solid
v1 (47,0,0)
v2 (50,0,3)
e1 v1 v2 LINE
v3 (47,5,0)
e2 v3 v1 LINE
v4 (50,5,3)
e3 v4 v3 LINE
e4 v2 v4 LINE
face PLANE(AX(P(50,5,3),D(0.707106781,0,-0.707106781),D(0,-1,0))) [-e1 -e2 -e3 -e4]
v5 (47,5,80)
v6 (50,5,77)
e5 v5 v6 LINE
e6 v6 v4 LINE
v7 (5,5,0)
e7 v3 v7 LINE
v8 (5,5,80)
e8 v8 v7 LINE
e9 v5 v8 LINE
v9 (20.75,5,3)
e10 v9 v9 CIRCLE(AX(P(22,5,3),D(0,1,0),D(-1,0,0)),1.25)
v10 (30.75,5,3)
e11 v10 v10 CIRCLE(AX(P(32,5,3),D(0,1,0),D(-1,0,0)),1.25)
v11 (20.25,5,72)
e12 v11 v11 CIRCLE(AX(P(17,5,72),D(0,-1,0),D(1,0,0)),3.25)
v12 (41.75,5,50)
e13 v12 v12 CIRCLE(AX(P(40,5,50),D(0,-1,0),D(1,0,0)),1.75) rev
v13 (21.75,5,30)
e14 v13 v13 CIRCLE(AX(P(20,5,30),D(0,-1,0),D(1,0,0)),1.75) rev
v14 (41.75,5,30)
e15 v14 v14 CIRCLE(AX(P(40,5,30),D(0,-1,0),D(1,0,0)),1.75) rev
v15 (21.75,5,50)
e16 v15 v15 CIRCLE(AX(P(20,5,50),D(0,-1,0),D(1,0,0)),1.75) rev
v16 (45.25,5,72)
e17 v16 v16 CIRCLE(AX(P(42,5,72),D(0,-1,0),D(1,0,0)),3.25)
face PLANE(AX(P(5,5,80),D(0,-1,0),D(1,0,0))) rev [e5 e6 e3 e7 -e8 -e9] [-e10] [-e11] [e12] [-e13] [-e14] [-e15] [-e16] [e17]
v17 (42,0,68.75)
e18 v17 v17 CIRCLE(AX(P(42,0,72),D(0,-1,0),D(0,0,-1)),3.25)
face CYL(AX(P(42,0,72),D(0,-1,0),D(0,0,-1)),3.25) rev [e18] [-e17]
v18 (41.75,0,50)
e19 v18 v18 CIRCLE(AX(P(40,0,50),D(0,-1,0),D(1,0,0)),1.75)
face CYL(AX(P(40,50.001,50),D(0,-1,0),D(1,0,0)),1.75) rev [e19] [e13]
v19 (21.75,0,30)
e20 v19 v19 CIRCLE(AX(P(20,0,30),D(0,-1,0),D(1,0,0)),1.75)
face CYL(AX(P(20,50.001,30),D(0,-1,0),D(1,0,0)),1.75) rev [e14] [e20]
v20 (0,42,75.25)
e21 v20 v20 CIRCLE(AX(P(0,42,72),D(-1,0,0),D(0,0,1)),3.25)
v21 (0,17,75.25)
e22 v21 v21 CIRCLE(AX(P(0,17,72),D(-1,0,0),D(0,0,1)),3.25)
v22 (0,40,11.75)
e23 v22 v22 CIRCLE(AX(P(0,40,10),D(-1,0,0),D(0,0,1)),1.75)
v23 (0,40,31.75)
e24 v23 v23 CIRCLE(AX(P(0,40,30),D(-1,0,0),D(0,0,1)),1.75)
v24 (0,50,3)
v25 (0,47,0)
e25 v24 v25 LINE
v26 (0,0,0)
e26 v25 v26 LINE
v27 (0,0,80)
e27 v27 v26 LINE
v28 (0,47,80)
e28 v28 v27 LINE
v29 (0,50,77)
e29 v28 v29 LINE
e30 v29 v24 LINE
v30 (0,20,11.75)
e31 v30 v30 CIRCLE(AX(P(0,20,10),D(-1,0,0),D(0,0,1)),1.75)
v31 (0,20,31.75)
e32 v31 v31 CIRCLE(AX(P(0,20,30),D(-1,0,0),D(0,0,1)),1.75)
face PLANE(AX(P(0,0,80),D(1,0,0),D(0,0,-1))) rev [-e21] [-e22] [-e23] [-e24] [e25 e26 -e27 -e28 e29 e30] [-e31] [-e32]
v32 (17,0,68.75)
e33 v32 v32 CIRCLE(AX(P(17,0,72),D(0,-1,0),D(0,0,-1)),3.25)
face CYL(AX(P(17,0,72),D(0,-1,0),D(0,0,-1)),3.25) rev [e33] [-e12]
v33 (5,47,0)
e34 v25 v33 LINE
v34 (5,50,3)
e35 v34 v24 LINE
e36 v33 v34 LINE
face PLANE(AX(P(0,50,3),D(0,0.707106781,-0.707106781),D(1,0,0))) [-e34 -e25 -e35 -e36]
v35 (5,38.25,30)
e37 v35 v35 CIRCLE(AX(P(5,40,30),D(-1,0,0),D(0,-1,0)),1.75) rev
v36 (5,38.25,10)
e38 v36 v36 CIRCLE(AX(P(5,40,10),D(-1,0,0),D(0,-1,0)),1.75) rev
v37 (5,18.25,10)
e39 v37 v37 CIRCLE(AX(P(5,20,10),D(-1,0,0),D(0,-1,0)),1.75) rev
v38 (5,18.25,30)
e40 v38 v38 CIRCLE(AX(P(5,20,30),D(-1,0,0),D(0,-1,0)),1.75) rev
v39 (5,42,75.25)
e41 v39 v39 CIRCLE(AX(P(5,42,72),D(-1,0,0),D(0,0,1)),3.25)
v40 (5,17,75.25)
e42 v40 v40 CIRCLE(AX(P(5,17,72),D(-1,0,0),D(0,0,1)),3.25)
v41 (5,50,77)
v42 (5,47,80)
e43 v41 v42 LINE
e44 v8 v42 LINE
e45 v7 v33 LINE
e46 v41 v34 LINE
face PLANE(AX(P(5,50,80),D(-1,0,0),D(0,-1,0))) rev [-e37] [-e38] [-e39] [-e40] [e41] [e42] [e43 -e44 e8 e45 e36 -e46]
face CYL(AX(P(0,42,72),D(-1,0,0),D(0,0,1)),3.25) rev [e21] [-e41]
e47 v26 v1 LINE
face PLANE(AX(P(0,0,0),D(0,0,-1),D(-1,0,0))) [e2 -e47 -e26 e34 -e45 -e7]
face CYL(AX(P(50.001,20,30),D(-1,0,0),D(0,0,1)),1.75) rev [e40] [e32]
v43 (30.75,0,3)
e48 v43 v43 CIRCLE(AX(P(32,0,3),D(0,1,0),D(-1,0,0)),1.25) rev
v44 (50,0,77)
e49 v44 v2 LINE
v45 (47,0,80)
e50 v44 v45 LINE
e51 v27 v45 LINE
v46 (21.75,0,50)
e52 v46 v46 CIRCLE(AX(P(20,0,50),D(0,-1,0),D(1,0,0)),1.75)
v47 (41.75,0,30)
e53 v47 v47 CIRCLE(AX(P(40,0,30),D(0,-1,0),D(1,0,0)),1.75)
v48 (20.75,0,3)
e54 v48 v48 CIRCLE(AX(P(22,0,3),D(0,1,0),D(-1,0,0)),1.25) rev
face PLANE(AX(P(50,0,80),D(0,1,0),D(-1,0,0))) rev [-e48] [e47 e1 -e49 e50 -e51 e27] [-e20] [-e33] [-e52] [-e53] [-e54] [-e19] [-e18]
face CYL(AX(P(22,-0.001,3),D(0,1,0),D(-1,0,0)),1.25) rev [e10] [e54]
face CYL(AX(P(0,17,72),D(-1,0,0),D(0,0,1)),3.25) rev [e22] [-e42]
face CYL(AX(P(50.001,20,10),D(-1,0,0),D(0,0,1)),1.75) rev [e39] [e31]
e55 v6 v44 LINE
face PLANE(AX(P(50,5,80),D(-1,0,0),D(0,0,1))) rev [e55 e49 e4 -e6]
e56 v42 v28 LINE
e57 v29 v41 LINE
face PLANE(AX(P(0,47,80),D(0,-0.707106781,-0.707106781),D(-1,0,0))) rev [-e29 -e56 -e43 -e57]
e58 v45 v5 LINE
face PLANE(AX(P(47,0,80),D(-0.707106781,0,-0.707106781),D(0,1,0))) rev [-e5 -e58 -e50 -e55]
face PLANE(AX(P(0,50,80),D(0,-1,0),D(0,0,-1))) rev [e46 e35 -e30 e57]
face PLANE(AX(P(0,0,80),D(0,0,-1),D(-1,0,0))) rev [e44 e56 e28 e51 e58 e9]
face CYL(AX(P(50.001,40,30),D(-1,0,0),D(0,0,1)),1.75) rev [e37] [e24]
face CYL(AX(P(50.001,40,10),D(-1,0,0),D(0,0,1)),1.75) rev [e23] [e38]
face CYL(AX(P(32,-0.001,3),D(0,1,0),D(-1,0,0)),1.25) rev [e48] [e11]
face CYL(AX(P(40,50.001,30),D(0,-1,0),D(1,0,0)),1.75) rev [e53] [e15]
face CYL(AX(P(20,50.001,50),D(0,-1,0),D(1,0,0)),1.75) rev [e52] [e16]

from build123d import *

# Parameters (mm, degrees)
ESTRUSIONE_ESTRUSIONE1_DEPTH = 80
FORO_6_5_6_5_1_D             = 6.5
FORO_6_5_6_5_2_D             = 6.5
FORO_6_5_6_5_2_DEPTH         = 5
FORO_6_5_6_5_2_TIP           = 1.952797012
TAGLIO_ESTRUSIONE3_REACH     = 108.771
SCHIZZO10_R                  = 1.75
TAGLIO_ESTRUSIONE4_REACH     = 108.771
SCHIZZO11_R                  = 1.75
SMUSSO1_SIZE                 = 3
TAGLIO_ESTRUSIONE5_REACH     = 106.523
SCHIZZO12_R                  = 1.25


with BuildPart() as part:
    # Schizzo1 → Estrusione-Estrusione1 (new body)
    with BuildSketch(Plane.XY):
        Polygon((0, 0), (0, 50), (5, 50), (5, 5), (50, 5), (50, 0), align=None)
    extrude(amount=ESTRUSIONE_ESTRUSIONE1_DEPTH)

    # Foro Ø6.5 (6.5)-1 (through all)
    with Locations(Plane(origin=(0, 0, 0), x_dir=(-1, 0, 0), z_dir=(0, -1, 0))):
        with Locations((-17, -72), (-42, -72)):
            Hole(FORO_6_5_6_5_1_D / 2)

    # Foro Ø6.5 (6.5)-2
    with Locations(Plane.ZY):
        with Locations((72, 42), (72, 17)):
            Hole(FORO_6_5_6_5_2_D / 2, depth=FORO_6_5_6_5_2_DEPTH)
            with Locations((0, 0, -(FORO_6_5_6_5_2_DEPTH + FORO_6_5_6_5_2_TIP / 2))):  # 118° drill point
                Cone(0, FORO_6_5_6_5_2_D / 2, FORO_6_5_6_5_2_TIP, mode=Mode.SUBTRACT)

    # Schizzo10 → Taglio-Estrusione3 (cut, up to next)
    with BuildSketch(Plane.ZY, mode=Mode.PRIVATE) as taglio_estrusione3_sk1:
        with Locations((10, 40)):
            Circle(SCHIZZO10_R)
    taglio_estrusione3_tool1 = extrude(taglio_estrusione3_sk1.sketch, amount=-TAGLIO_ESTRUSIONE3_REACH, mode=Mode.PRIVATE) & part.part
    # Schizzo10 → Taglio-Estrusione3 (cut, up to next)
    with BuildSketch(Plane.ZY, mode=Mode.PRIVATE) as taglio_estrusione3_sk2:
        with Locations((30, 40)):
            Circle(SCHIZZO10_R)
    taglio_estrusione3_tool2 = extrude(taglio_estrusione3_sk2.sketch, amount=-TAGLIO_ESTRUSIONE3_REACH, mode=Mode.PRIVATE) & part.part
    # Schizzo10 → Taglio-Estrusione3 (cut, up to next)
    with BuildSketch(Plane.ZY, mode=Mode.PRIVATE) as taglio_estrusione3_sk3:
        with Locations((30, 20)):
            Circle(SCHIZZO10_R)
    taglio_estrusione3_tool3 = extrude(taglio_estrusione3_sk3.sketch, amount=-TAGLIO_ESTRUSIONE3_REACH, mode=Mode.PRIVATE) & part.part
    # Schizzo10 → Taglio-Estrusione3 (cut, up to next)
    with BuildSketch(Plane.ZY, mode=Mode.PRIVATE) as taglio_estrusione3_sk4:
        with Locations((10, 20)):
            Circle(SCHIZZO10_R)
    taglio_estrusione3_tool4 = extrude(taglio_estrusione3_sk4.sketch, amount=-TAGLIO_ESTRUSIONE3_REACH, mode=Mode.PRIVATE) & part.part
    add(taglio_estrusione3_tool1.solids().sort_by_distance((0, 40, 10))[0], mode=Mode.SUBTRACT)
    add(taglio_estrusione3_tool2.solids().sort_by_distance((0, 40, 30))[0], mode=Mode.SUBTRACT)
    add(taglio_estrusione3_tool3.solids().sort_by_distance((0, 20, 30))[0], mode=Mode.SUBTRACT)
    add(taglio_estrusione3_tool4.solids().sort_by_distance((0, 20, 10))[0], mode=Mode.SUBTRACT)

    # Schizzo11 → Taglio-Estrusione4 (cut, up to next)
    with BuildSketch(Plane.XZ, mode=Mode.PRIVATE) as taglio_estrusione4_sk1:
        with Locations((20, 30)):
            Circle(SCHIZZO11_R)
    taglio_estrusione4_tool1 = extrude(taglio_estrusione4_sk1.sketch, amount=-TAGLIO_ESTRUSIONE4_REACH, mode=Mode.PRIVATE) & part.part
    # Schizzo11 → Taglio-Estrusione4 (cut, up to next)
    with BuildSketch(Plane.XZ, mode=Mode.PRIVATE) as taglio_estrusione4_sk2:
        with Locations((20, 50)):
            Circle(SCHIZZO11_R)
    taglio_estrusione4_tool2 = extrude(taglio_estrusione4_sk2.sketch, amount=-TAGLIO_ESTRUSIONE4_REACH, mode=Mode.PRIVATE) & part.part
    # Schizzo11 → Taglio-Estrusione4 (cut, up to next)
    with BuildSketch(Plane.XZ, mode=Mode.PRIVATE) as taglio_estrusione4_sk3:
        with Locations((40, 50)):
            Circle(SCHIZZO11_R)
    taglio_estrusione4_tool3 = extrude(taglio_estrusione4_sk3.sketch, amount=-TAGLIO_ESTRUSIONE4_REACH, mode=Mode.PRIVATE) & part.part
    # Schizzo11 → Taglio-Estrusione4 (cut, up to next)
    with BuildSketch(Plane.XZ, mode=Mode.PRIVATE) as taglio_estrusione4_sk4:
        with Locations((40, 30)):
            Circle(SCHIZZO11_R)
    taglio_estrusione4_tool4 = extrude(taglio_estrusione4_sk4.sketch, amount=-TAGLIO_ESTRUSIONE4_REACH, mode=Mode.PRIVATE) & part.part
    add(taglio_estrusione4_tool1.solids().sort_by_distance((20, 0, 30))[0], mode=Mode.SUBTRACT)
    add(taglio_estrusione4_tool2.solids().sort_by_distance((20, 0, 50))[0], mode=Mode.SUBTRACT)
    add(taglio_estrusione4_tool3.solids().sort_by_distance((40, 0, 50))[0], mode=Mode.SUBTRACT)
    add(taglio_estrusione4_tool4.solids().sort_by_distance((40, 0, 30))[0], mode=Mode.SUBTRACT)

    # Smusso1
    smusso1_edges = [part.edges().sort_by_distance(p)[0] for p in [
        (2.5, 50, 80),
        (2.5, 50, 0),
        (50, 2.5, 80),
        (50, 2.5, 0),
    ]]
    chamfer(smusso1_edges, length=SMUSSO1_SIZE)

    # Schizzo12 → Taglio-Estrusione5 (cut, up to next)
    with BuildSketch(Plane(origin=(0, 5, 0), x_dir=(1, 0, 0), z_dir=(0, 1, 0)), mode=Mode.PRIVATE) as taglio_estrusione5_sk1:
        with Locations(Location((32, -3, 0), (0, 0, 180))):
            Circle(SCHIZZO12_R)
    taglio_estrusione5_tool1 = extrude(taglio_estrusione5_sk1.sketch, amount=-TAGLIO_ESTRUSIONE5_REACH, mode=Mode.PRIVATE) & part.part
    # Schizzo12 → Taglio-Estrusione5 (cut, up to next)
    with BuildSketch(Plane(origin=(0, 5, 0), x_dir=(1, 0, 0), z_dir=(0, 1, 0)), mode=Mode.PRIVATE) as taglio_estrusione5_sk2:
        with Locations(Location((22, -3, 0), (0, 0, 180))):
            Circle(SCHIZZO12_R)
    taglio_estrusione5_tool2 = extrude(taglio_estrusione5_sk2.sketch, amount=-TAGLIO_ESTRUSIONE5_REACH, mode=Mode.PRIVATE) & part.part
    add(taglio_estrusione5_tool1.solids().sort_by_distance((32, 5, 3))[0], mode=Mode.SUBTRACT)
    add(taglio_estrusione5_tool2.solids().sort_by_distance((22, 5, 3))[0], mode=Mode.SUBTRACT)


solid = part.part
